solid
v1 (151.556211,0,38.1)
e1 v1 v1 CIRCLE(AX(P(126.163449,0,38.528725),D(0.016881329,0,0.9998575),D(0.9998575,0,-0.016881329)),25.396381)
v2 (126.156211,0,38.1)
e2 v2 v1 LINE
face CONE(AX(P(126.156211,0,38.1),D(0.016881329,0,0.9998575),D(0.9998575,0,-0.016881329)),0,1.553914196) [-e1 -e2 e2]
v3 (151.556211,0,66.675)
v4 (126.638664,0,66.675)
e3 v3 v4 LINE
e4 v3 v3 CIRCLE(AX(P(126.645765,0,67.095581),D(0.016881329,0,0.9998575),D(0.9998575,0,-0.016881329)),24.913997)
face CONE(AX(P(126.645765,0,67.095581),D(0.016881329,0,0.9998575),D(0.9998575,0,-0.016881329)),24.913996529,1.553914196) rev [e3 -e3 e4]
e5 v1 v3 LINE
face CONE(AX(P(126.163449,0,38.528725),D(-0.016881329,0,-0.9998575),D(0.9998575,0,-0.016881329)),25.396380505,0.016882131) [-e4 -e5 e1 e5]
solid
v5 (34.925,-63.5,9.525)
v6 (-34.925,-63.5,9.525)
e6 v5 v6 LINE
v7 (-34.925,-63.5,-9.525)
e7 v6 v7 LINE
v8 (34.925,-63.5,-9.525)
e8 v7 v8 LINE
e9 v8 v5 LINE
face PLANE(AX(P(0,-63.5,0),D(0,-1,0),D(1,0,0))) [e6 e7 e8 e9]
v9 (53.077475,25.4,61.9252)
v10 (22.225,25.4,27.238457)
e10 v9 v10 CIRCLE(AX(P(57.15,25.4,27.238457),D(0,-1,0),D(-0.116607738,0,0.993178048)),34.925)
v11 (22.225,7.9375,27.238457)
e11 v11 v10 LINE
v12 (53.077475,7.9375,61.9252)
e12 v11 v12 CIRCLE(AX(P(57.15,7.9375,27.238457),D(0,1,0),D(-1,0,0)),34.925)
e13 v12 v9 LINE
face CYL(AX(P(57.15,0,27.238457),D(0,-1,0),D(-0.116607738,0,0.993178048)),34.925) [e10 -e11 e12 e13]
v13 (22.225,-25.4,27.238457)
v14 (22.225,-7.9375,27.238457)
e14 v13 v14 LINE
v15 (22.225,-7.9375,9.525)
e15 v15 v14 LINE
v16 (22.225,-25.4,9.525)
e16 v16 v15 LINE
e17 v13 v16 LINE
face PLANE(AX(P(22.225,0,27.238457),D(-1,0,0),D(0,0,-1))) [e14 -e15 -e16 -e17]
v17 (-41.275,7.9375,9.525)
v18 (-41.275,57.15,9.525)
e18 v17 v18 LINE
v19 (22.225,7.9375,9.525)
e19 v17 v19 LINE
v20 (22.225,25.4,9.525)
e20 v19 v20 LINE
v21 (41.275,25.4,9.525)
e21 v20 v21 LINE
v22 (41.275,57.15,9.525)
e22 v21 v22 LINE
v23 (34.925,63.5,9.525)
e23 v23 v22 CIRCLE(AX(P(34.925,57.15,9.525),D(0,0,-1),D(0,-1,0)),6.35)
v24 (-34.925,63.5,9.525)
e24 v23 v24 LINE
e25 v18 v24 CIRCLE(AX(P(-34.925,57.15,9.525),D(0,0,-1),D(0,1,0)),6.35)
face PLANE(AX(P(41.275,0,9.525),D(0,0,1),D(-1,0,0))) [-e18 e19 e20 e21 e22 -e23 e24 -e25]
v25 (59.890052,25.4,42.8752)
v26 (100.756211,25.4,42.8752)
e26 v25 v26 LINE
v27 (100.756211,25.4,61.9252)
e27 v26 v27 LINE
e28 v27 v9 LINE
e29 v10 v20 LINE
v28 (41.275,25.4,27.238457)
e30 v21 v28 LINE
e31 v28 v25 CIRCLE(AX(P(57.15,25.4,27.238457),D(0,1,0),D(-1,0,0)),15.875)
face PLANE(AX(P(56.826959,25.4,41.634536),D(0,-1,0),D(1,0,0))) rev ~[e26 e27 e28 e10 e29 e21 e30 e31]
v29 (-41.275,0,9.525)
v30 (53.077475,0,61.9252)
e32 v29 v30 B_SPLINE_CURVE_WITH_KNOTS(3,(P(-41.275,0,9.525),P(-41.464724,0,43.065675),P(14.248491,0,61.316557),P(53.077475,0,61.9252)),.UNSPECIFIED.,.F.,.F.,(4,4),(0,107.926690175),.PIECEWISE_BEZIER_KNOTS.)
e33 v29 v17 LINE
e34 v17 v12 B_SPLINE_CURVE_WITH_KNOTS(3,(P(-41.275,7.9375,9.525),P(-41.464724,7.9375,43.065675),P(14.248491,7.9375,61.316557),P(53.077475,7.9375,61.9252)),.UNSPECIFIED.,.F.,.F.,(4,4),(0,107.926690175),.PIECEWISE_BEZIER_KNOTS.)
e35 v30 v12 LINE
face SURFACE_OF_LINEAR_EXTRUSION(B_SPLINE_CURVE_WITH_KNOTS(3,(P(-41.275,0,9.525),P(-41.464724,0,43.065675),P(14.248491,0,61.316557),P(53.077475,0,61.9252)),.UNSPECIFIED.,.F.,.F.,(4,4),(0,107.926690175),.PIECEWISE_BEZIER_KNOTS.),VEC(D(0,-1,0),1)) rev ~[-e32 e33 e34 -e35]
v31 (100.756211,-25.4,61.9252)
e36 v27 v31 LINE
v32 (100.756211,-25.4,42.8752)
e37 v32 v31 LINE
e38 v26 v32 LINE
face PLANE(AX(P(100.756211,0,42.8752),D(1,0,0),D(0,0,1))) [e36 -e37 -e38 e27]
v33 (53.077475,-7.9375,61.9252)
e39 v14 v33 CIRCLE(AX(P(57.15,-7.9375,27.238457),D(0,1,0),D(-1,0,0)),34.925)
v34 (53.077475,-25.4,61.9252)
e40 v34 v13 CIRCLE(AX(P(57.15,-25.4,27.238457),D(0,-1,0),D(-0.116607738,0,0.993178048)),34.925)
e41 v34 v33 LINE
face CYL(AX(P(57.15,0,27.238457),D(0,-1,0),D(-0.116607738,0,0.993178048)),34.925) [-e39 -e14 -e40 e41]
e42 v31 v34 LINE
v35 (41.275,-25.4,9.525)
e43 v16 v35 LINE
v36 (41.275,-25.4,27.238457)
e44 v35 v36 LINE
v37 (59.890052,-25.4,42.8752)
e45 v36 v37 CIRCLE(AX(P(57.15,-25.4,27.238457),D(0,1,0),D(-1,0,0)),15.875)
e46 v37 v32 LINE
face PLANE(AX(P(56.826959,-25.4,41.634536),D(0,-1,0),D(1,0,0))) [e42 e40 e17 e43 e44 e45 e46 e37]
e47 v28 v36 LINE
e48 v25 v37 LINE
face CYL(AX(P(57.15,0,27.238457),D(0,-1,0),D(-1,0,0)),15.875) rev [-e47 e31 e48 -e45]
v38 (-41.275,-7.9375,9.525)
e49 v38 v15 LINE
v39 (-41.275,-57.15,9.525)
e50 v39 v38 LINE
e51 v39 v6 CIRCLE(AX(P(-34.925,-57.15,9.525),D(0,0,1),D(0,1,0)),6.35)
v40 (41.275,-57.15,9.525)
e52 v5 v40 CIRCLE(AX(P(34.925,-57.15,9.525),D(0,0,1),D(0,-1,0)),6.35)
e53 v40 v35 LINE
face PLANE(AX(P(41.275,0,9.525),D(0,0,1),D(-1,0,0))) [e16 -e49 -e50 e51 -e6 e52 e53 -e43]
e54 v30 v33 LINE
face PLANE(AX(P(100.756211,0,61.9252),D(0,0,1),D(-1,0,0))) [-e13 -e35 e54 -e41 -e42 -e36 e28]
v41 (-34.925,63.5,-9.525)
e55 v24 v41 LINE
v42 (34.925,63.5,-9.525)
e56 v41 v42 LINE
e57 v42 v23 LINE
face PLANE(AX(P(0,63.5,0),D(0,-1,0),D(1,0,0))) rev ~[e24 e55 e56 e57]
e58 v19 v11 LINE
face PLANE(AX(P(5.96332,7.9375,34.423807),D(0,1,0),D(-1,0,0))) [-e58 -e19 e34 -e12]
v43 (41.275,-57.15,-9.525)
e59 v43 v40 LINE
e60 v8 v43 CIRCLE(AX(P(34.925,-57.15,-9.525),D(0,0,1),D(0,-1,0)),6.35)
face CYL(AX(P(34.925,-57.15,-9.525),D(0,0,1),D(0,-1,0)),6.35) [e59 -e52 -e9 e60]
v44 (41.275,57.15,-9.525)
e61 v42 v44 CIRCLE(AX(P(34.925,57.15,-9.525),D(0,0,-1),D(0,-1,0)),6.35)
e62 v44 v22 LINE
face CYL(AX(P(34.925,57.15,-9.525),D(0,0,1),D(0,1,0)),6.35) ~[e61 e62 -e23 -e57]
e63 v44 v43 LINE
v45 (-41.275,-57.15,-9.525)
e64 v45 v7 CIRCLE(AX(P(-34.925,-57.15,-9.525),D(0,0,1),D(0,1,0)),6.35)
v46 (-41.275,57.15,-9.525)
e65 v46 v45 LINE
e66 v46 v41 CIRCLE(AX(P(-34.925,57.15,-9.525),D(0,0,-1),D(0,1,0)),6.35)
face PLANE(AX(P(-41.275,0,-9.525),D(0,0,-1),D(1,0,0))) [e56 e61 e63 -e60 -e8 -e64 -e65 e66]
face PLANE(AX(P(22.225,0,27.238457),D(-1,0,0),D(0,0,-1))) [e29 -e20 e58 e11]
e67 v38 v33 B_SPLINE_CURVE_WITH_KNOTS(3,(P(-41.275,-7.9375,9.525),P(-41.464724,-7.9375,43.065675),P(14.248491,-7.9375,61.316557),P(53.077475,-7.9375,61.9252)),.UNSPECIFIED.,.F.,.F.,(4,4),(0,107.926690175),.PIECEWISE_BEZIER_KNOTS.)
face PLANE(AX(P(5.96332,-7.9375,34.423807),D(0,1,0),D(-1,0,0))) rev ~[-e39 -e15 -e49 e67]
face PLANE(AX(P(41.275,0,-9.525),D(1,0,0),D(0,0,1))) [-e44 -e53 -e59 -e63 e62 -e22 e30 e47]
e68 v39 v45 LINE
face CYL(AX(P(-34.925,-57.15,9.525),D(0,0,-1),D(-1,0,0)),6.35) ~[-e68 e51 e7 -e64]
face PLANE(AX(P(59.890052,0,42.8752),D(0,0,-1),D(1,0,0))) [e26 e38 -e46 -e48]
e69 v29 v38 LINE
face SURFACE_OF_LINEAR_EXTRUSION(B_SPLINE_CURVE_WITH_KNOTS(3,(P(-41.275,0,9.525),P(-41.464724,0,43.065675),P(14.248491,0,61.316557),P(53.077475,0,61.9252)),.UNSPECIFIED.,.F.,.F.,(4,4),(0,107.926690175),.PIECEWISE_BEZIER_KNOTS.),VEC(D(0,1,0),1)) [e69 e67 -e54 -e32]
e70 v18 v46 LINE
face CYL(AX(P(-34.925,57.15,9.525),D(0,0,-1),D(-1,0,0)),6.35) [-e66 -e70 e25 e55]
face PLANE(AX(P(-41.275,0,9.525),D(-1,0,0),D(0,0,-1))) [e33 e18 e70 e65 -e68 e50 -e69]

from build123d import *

# Parameters (mm, degrees)
F1_DEPTH = 63.5
F2_DEPTH = 25.4
F3_DEPTH = 7.9375
F5_R     = 6.35


with BuildPart() as f1:
    # F0 (on Front) → F1 (new body, symmetric)
    with BuildSketch(Plane.XZ):
        Polygon((-41.275, 9.525), (-41.275, -9.525), (41.275, -9.525), (41.275, 9.525), (22.225, 9.525), align=None)
    extrude(amount=F1_DEPTH, both=True)

    # F0 (on Front) → F2 (join, symmetric)
    with BuildSketch(Plane.XZ):
        with BuildLine():
            Line((22.225, 9.525), (41.275, 9.525))
            Line((41.275, 9.525), (41.275, 27.2384566661))
            ThreePointArc((41.275, 27.2384566661), (46.9392873548, 39.393989245), (59.8900516254, 42.8752))
            Line((59.8900516254, 42.8752), (85.725, 42.8752))
            Line((85.725, 42.8752), (100.7562108994, 42.8752))
            Line((100.7562108994, 42.8752), (100.7562108994, 61.9252))
            Line((100.7562108994, 61.9252), (53.0774747529, 61.9252))
            ThreePointArc((53.0774747529, 61.9252), (31.0541328056, 50.4496897306), (22.225, 27.2384566661))
            Line((22.225, 27.2384566661), (22.225, 9.525))
        make_face()
    extrude(amount=F2_DEPTH, both=True)

    # F0 (on Front) → F3 (join, symmetric)
    with BuildSketch(Plane.XZ):
        with BuildLine():
            add(Edge.make_bspline(
                [(-41.275, 9.525), (-41.4647236466, 43.065674603), (14.2484912649, 61.3165572286), (53.0774747529, 61.9252)],
                knots=[0, 0, 0, 0, 107.9266901746, 107.9266901746, 107.9266901746, 107.9266901746], degree=3))
            Line((-41.275, 9.525), (22.225, 9.525))
            Line((22.225, 9.525), (22.225, 27.2384566661))
            ThreePointArc((22.225, 27.2384566661), (31.0541328056, 50.4496897306), (53.0774747529, 61.9252))
        make_face()
    extrude(amount=F3_DEPTH, both=True)

    # F5
    f5_edges = [f1.edges().sort_by_distance(p)[0] for p in [
        (-41.275, -63.5, 0),
        (41.275, -63.5, 0),
        (41.275, 63.5, 0),
        (-41.275, 63.5, 0),
    ]]
    fillet(f5_edges, radius=F5_R)


with BuildPart() as f4:
    # F0 (on Front) → F4 (revolve)
    with BuildSketch(Plane.XZ):
        Polygon((126.6386636257, 66.675), (126.5584692614, 61.9252), (126.1562108994, 38.1), (151.5562108994, 38.1), (151.5562108994, 66.675), align=None)
    revolve(axis=Axis((126.3974372625, 0, 52.3875), (0.016881329, 0, 0.9998575002)))


solid = Compound([f1.part, f4.part])
